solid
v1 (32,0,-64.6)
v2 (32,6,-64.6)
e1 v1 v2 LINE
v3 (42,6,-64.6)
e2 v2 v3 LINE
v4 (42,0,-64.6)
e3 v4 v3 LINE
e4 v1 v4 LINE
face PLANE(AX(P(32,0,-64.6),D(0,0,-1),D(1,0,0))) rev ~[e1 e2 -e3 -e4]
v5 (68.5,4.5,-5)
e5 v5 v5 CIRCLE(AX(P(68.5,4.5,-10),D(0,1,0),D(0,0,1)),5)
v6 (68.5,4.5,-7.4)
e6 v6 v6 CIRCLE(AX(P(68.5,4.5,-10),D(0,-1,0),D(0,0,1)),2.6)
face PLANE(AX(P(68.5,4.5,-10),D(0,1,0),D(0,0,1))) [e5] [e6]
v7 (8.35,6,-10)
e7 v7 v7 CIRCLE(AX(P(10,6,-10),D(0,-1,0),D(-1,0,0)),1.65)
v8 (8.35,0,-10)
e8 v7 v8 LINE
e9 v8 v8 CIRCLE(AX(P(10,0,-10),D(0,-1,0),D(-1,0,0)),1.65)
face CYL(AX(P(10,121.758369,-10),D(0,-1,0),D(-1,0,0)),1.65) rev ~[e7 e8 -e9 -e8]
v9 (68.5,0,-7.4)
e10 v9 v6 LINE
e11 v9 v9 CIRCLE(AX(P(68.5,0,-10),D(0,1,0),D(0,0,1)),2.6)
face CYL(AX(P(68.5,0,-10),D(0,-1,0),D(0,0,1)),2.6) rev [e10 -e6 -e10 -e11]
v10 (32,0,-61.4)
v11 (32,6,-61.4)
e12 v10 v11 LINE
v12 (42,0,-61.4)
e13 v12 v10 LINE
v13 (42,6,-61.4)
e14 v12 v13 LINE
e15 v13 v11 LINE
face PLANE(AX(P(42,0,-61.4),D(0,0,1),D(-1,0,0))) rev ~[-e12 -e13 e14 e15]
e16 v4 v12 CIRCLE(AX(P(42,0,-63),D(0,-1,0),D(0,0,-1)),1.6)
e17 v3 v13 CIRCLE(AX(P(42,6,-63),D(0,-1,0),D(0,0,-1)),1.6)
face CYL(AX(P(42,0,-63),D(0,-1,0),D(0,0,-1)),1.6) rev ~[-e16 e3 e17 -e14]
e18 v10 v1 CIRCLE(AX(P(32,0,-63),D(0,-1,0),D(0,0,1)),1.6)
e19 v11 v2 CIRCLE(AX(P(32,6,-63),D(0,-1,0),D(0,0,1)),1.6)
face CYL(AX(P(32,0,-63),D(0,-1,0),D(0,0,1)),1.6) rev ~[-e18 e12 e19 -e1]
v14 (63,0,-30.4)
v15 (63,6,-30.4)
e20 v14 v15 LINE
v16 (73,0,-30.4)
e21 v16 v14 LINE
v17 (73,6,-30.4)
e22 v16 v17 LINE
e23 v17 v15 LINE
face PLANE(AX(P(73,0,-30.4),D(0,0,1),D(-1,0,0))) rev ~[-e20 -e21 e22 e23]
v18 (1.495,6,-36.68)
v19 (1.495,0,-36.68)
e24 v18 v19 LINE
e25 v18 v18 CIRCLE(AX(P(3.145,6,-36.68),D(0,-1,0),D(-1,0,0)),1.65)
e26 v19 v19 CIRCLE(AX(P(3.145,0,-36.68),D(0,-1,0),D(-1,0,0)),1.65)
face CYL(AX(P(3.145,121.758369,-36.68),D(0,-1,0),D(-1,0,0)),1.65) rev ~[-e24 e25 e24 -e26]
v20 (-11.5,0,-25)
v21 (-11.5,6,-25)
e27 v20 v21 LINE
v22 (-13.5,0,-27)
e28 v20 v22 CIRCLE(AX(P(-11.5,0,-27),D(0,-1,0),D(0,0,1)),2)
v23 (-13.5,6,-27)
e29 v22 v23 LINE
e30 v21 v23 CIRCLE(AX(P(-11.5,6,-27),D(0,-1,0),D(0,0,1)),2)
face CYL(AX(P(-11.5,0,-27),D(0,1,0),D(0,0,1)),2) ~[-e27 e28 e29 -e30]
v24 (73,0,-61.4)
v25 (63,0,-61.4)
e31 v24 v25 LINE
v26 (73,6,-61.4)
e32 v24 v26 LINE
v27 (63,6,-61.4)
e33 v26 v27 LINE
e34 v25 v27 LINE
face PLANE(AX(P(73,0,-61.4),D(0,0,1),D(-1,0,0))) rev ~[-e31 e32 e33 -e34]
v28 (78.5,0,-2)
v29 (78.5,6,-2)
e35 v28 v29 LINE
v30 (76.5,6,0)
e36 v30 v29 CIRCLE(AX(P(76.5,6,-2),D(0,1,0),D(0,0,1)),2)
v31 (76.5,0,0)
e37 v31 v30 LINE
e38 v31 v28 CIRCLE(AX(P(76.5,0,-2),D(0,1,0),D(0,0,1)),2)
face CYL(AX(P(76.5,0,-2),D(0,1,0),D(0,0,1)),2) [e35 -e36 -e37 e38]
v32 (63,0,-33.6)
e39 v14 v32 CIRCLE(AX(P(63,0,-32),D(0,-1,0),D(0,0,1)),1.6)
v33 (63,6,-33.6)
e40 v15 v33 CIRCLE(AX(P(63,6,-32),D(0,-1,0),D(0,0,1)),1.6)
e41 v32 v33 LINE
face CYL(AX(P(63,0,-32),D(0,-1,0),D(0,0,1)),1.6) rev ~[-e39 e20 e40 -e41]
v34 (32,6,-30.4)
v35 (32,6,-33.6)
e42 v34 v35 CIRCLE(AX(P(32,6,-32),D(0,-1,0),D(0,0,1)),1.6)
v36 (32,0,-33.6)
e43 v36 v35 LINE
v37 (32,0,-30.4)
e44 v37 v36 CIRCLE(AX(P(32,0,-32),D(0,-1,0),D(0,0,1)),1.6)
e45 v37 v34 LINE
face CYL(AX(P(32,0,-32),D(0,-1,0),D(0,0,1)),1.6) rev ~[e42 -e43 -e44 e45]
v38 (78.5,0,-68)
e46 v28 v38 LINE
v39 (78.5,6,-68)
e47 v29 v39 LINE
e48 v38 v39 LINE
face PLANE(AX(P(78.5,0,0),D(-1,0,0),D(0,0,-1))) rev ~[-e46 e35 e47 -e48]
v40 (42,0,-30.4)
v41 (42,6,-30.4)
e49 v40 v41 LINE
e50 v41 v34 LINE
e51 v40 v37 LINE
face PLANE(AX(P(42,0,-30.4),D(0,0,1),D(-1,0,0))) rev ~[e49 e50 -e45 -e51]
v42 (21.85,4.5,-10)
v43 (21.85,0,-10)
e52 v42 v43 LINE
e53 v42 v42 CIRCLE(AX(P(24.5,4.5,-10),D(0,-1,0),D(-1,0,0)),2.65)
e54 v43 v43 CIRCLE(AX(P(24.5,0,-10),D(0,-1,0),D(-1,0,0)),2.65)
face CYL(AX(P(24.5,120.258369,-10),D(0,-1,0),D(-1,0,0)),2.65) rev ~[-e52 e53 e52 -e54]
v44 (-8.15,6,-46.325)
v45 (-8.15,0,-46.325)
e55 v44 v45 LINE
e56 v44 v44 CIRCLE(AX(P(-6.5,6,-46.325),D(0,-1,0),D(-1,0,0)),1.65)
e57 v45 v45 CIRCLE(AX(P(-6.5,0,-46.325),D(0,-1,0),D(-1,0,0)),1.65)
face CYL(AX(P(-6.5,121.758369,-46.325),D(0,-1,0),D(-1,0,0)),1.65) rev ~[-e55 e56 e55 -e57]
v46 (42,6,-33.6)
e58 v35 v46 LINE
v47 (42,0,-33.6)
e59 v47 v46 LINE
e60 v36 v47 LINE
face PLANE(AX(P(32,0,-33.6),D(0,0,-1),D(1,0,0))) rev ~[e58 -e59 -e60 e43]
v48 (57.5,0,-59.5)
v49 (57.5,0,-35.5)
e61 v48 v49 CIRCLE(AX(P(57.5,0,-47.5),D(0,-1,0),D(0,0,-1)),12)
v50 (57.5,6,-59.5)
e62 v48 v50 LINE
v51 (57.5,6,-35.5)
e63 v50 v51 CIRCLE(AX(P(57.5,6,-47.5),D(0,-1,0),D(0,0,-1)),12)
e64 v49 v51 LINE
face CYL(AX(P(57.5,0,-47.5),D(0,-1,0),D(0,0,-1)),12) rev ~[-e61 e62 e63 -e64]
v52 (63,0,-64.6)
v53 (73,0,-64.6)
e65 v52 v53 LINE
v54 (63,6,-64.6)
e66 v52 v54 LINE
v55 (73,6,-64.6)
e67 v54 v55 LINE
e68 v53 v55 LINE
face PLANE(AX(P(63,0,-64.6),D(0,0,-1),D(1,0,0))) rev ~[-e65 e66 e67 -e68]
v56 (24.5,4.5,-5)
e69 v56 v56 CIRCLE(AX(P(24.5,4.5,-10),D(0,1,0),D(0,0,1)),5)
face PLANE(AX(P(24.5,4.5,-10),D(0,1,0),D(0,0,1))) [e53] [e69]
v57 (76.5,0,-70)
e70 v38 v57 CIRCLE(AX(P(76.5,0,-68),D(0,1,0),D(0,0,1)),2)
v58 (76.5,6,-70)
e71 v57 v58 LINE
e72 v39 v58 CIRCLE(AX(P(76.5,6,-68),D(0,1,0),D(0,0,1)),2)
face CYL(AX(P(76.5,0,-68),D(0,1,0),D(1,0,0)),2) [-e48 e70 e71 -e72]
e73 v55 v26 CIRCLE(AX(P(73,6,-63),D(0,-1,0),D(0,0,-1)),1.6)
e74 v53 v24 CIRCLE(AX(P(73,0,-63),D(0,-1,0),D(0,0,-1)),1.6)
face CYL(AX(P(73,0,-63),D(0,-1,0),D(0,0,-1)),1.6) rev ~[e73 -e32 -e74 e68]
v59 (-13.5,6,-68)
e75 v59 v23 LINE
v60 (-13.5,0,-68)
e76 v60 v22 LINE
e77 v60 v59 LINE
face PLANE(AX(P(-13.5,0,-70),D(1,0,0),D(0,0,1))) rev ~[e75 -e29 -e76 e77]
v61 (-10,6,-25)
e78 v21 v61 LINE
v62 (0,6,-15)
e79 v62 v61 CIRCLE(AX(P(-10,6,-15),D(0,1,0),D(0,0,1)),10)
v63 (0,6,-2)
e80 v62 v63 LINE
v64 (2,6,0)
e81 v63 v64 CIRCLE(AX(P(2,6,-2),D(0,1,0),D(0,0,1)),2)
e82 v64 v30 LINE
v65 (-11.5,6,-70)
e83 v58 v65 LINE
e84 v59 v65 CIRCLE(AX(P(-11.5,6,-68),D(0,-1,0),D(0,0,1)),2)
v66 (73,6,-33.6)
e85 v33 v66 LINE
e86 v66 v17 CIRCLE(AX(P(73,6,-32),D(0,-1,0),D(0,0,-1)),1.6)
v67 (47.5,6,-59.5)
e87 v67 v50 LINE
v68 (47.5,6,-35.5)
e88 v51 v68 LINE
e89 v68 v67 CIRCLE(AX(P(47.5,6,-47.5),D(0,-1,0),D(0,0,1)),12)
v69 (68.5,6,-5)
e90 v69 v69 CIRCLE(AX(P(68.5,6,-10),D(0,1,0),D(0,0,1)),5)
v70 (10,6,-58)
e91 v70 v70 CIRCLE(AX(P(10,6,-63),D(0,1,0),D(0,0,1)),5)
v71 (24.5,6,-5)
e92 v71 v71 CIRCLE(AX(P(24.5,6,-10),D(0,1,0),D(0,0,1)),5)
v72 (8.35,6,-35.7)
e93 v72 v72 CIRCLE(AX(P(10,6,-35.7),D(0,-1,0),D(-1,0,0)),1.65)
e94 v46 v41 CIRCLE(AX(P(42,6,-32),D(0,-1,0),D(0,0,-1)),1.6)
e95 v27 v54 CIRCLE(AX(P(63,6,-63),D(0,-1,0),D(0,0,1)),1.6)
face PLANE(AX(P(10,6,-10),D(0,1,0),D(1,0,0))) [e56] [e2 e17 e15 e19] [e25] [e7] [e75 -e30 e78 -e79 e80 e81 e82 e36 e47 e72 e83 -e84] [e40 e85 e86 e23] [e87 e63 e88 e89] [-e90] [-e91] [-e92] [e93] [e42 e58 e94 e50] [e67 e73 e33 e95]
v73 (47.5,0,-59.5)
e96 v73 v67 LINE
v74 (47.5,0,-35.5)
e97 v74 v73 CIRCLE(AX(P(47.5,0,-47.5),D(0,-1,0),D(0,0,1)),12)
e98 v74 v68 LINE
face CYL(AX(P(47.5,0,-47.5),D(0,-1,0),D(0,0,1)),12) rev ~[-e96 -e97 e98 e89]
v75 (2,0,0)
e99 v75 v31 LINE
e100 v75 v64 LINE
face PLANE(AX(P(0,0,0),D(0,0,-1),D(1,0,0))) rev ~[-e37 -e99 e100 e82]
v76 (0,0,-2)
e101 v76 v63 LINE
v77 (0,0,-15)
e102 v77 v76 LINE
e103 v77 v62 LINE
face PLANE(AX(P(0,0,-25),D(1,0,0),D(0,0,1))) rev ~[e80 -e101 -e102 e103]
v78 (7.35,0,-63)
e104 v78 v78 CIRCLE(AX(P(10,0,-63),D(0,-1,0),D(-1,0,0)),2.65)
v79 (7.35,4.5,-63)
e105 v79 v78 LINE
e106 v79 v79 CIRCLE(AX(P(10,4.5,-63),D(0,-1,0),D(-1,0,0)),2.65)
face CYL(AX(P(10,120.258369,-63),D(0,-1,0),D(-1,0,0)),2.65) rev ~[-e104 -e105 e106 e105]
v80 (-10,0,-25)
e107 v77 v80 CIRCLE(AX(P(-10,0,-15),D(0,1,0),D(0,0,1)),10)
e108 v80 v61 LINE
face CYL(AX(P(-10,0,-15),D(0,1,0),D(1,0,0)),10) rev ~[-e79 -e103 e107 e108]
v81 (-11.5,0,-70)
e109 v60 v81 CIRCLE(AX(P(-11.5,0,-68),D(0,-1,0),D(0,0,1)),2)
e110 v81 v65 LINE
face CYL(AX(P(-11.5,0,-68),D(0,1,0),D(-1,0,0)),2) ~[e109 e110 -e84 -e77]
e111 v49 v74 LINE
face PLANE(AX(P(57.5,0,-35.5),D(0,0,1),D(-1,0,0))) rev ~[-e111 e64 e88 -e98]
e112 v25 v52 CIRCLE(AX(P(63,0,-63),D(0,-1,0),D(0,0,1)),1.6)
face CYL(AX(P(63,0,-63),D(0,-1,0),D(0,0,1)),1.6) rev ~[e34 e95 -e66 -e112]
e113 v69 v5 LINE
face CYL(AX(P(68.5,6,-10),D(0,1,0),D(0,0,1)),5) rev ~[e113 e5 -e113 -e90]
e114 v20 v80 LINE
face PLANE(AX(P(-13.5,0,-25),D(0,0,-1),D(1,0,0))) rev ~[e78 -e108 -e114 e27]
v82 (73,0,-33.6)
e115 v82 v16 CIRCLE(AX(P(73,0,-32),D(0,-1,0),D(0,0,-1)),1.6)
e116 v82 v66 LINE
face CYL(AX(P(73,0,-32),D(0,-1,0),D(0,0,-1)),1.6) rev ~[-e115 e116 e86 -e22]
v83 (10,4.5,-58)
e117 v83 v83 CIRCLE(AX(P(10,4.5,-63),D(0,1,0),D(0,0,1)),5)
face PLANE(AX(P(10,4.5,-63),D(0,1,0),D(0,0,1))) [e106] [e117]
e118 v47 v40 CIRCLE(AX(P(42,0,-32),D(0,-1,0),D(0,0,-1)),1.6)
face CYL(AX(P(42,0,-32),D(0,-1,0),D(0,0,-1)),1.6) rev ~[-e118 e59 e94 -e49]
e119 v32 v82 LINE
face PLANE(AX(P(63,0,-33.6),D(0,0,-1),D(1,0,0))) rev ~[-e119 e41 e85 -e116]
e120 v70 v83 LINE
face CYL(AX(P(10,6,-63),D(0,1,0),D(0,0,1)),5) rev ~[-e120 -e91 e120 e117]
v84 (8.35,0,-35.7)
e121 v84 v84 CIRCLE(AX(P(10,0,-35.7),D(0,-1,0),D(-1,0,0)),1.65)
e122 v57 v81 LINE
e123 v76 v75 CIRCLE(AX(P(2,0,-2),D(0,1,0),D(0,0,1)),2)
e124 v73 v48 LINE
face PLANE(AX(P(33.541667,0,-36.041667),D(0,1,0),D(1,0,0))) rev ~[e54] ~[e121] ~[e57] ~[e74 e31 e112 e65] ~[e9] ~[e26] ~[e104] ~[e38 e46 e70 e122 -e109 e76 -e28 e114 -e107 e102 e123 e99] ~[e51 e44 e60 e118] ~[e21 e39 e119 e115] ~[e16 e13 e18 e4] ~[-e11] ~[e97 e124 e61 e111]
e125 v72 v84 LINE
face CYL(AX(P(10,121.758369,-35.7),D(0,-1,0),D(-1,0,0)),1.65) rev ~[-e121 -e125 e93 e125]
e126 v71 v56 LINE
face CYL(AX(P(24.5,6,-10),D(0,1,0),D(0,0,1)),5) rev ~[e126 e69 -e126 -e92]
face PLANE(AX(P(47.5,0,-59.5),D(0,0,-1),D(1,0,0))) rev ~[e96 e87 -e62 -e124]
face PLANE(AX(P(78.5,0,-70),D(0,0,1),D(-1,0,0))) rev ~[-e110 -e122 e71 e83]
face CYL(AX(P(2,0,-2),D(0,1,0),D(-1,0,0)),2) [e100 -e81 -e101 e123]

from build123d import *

# Parameters (mm, degrees)
SKETCH3_R                   = 2.6
BOSS_EXTRUDE1_DEPTH         = 6
FILLET1_R                   = 10
M3_CLEARANCE_HOLE1_D        = 3.2
M4X0_7_TAPPED_HOLE1_D       = 3.3
FILLET2_R                   = 2
SKETCH5_R                   = 5
COUNTERBORE_DEPTH           = 1.5
SKETCH14_R                  = 5
SKETCH14_R_2                = 1.6
HOLE_FILLER_DEPTH           = 6
M5_HOLE_RELOCATION_OPTION_R = 5
CUT_EXTRUDE1_DEPTH          = 1.5
M5_CLEARANCE_HOLE1_D        = 5.3
M4X0_7_TAPPED_HOLE2_D       = 3.3


with BuildPart() as part:
    # Sketch3 → Boss-Extrude1 (new body)
    with BuildSketch(Plane(origin=(0, 0, 0), x_dir=(1, 0, 0), z_dir=(0, 1, 0))):
        Polygon((0, 0), (78.5, 0), (78.5, 70), (0, 70), (-13.5, 70), (-13.5, 25), (0, 25), align=None)
        with Locations(Location((10, 56, 0), (0, 0, 270))):
            Circle(SKETCH3_R, mode=Mode.SUBTRACT)
        with Locations(Location((10, 10, 0), (0, 0, 270))):
            Circle(SKETCH3_R, mode=Mode.SUBTRACT)
        with Locations(Location((68.5, 10, 0), (0, 0, 270))):
            Circle(SKETCH3_R, mode=Mode.SUBTRACT)
        with Locations(Location((30, 10, 0), (0, 0, 270))):
            Circle(SKETCH3_R, mode=Mode.SUBTRACT)
        with BuildLine():
            Line((47.5, 59.5), (57.5, 59.5))
            ThreePointArc((57.5, 59.5), (69.5, 47.5), (57.5, 35.5))
            Line((57.5, 35.5), (47.5, 35.5))
            ThreePointArc((47.5, 35.5), (35.5, 47.5), (47.5, 59.5))
        make_face(mode=Mode.SUBTRACT)
        with BuildLine():
            Line((32, 64.6), (42, 64.6))
            ThreePointArc((42, 64.6), (43.6, 63), (42, 61.4))
            Line((42, 61.4), (32, 61.4))
            ThreePointArc((32, 61.4), (30.4, 63), (32, 64.6))
        make_face(mode=Mode.SUBTRACT)
        with BuildLine():
            Line((63, 64.6), (73, 64.6))
            ThreePointArc((73, 64.6), (74.6, 63), (73, 61.4))
            Line((73, 61.4), (63, 61.4))
            ThreePointArc((63, 61.4), (61.4, 63), (63, 64.6))
        make_face(mode=Mode.SUBTRACT)
        with BuildLine():
            Line((63, 33.6), (73, 33.6))
            ThreePointArc((73, 33.6), (74.6, 32), (73, 30.4))
            Line((73, 30.4), (63, 30.4))
            ThreePointArc((63, 30.4), (61.4, 32), (63, 33.6))
        make_face(mode=Mode.SUBTRACT)
        with BuildLine():
            Line((32, 33.6), (42, 33.6))
            ThreePointArc((42, 33.6), (43.6, 32), (42, 30.4))
            Line((42, 30.4), (32, 30.4))
            ThreePointArc((32, 30.4), (30.4, 32), (32, 33.6))
        make_face(mode=Mode.SUBTRACT)
    extrude(amount=BOSS_EXTRUDE1_DEPTH)

    # Fillet1
    fillet1_edges = [part.edges().sort_by_distance(p)[0] for p in [
        (0, 3, -25),
    ]]
    fillet(fillet1_edges, radius=FILLET1_R)

    # M3 Clearance Hole1 (through all)
    with Locations(Plane(origin=(0, 6, 0), x_dir=(1, 0, 0), z_dir=(0, 1, 0))):
        with Locations((10, 64.325), (-6.5, 64.325)):
            Hole(M3_CLEARANCE_HOLE1_D / 2)

    # M4x0.7 Tapped Hole1 (through all)
    with Locations(Plane(origin=(0, 6, 0), x_dir=(1, 0, 0), z_dir=(0, 1, 0))):
        with Locations((-6.5, 46.325), (10, 35.7)):
            Hole(M4X0_7_TAPPED_HOLE1_D / 2)

    # Fillet2
    fillet2_edges = [part.edges().sort_by_distance(p)[0] for p in [
        (-13.5, 3, -25),
        (-13.5, 3, -70),
        (78.5, 3, -70),
        (78.5, 3, 0),
        (0, 3, 0),
    ]]
    fillet(fillet2_edges, radius=FILLET2_R)

    # Sketch5 → Counterbore (cut)
    with BuildSketch(Plane(origin=(0, 6, 0), x_dir=(1, 0, 0), z_dir=(0, 1, 0))):
        with Locations(Location((10, 56, 0), (0, 0, 270))):
            Circle(SKETCH5_R)
        with Locations(Location((10, 10, 0), (0, 0, 270))):
            Circle(SKETCH5_R)
        with Locations(Location((30, 10, 0), (0, 0, 270))):
            Circle(SKETCH5_R)
        with Locations(Location((68.5, 10, 0), (0, 0, 270))):
            Circle(SKETCH5_R)
    extrude(amount=-COUNTERBORE_DEPTH, mode=Mode.SUBTRACT)

    # Sketch14 → Hole Filler (add)
    with BuildSketch(Plane(origin=(0, 6, 0), x_dir=(1, 0, 0), z_dir=(0, 1, 0))):
        with Locations((10, 10)):
            Circle(SKETCH14_R)
        with Locations((10, 56)):
            Circle(SKETCH14_R)
        with Locations((-6.5, 64.325)):
            Circle(SKETCH14_R_2)
        with Locations((10, 64.325)):
            Circle(SKETCH14_R_2)
        with Locations((30, 10)):
            Circle(SKETCH14_R)
    extrude(amount=-HOLE_FILLER_DEPTH)

    # M5 hole relocation option → Cut-Extrude1 (cut)
    with BuildSketch(Plane(origin=(0, 6, 0), x_dir=(1, 0, 0), z_dir=(0, 1, 0))):
        with Locations(Location((24.5, 10, 0), (0, 0, 270))):
            Circle(M5_HOLE_RELOCATION_OPTION_R)
        with Locations(Location((10, 63, 0), (0, 0, 270))):
            Circle(M5_HOLE_RELOCATION_OPTION_R)
    extrude(amount=-CUT_EXTRUDE1_DEPTH, mode=Mode.SUBTRACT)

    # M5 Clearance Hole1 (through all)
    with Locations(Plane(origin=(0, 4.5, 0), x_dir=(1, 0, 0), z_dir=(0, 1, 0))):
        with Locations((24.5, 10), (10, 63)):
            Hole(M5_CLEARANCE_HOLE1_D / 2)

    # M4x0.7 Tapped Hole2 (through all)
    with Locations(Plane(origin=(0, 6, 0), x_dir=(1, 0, 0), z_dir=(0, 1, 0))):
        with Locations((10, 10), (3.145, 36.68)):
            Hole(M4X0_7_TAPPED_HOLE2_D / 2)


solid = part.part
